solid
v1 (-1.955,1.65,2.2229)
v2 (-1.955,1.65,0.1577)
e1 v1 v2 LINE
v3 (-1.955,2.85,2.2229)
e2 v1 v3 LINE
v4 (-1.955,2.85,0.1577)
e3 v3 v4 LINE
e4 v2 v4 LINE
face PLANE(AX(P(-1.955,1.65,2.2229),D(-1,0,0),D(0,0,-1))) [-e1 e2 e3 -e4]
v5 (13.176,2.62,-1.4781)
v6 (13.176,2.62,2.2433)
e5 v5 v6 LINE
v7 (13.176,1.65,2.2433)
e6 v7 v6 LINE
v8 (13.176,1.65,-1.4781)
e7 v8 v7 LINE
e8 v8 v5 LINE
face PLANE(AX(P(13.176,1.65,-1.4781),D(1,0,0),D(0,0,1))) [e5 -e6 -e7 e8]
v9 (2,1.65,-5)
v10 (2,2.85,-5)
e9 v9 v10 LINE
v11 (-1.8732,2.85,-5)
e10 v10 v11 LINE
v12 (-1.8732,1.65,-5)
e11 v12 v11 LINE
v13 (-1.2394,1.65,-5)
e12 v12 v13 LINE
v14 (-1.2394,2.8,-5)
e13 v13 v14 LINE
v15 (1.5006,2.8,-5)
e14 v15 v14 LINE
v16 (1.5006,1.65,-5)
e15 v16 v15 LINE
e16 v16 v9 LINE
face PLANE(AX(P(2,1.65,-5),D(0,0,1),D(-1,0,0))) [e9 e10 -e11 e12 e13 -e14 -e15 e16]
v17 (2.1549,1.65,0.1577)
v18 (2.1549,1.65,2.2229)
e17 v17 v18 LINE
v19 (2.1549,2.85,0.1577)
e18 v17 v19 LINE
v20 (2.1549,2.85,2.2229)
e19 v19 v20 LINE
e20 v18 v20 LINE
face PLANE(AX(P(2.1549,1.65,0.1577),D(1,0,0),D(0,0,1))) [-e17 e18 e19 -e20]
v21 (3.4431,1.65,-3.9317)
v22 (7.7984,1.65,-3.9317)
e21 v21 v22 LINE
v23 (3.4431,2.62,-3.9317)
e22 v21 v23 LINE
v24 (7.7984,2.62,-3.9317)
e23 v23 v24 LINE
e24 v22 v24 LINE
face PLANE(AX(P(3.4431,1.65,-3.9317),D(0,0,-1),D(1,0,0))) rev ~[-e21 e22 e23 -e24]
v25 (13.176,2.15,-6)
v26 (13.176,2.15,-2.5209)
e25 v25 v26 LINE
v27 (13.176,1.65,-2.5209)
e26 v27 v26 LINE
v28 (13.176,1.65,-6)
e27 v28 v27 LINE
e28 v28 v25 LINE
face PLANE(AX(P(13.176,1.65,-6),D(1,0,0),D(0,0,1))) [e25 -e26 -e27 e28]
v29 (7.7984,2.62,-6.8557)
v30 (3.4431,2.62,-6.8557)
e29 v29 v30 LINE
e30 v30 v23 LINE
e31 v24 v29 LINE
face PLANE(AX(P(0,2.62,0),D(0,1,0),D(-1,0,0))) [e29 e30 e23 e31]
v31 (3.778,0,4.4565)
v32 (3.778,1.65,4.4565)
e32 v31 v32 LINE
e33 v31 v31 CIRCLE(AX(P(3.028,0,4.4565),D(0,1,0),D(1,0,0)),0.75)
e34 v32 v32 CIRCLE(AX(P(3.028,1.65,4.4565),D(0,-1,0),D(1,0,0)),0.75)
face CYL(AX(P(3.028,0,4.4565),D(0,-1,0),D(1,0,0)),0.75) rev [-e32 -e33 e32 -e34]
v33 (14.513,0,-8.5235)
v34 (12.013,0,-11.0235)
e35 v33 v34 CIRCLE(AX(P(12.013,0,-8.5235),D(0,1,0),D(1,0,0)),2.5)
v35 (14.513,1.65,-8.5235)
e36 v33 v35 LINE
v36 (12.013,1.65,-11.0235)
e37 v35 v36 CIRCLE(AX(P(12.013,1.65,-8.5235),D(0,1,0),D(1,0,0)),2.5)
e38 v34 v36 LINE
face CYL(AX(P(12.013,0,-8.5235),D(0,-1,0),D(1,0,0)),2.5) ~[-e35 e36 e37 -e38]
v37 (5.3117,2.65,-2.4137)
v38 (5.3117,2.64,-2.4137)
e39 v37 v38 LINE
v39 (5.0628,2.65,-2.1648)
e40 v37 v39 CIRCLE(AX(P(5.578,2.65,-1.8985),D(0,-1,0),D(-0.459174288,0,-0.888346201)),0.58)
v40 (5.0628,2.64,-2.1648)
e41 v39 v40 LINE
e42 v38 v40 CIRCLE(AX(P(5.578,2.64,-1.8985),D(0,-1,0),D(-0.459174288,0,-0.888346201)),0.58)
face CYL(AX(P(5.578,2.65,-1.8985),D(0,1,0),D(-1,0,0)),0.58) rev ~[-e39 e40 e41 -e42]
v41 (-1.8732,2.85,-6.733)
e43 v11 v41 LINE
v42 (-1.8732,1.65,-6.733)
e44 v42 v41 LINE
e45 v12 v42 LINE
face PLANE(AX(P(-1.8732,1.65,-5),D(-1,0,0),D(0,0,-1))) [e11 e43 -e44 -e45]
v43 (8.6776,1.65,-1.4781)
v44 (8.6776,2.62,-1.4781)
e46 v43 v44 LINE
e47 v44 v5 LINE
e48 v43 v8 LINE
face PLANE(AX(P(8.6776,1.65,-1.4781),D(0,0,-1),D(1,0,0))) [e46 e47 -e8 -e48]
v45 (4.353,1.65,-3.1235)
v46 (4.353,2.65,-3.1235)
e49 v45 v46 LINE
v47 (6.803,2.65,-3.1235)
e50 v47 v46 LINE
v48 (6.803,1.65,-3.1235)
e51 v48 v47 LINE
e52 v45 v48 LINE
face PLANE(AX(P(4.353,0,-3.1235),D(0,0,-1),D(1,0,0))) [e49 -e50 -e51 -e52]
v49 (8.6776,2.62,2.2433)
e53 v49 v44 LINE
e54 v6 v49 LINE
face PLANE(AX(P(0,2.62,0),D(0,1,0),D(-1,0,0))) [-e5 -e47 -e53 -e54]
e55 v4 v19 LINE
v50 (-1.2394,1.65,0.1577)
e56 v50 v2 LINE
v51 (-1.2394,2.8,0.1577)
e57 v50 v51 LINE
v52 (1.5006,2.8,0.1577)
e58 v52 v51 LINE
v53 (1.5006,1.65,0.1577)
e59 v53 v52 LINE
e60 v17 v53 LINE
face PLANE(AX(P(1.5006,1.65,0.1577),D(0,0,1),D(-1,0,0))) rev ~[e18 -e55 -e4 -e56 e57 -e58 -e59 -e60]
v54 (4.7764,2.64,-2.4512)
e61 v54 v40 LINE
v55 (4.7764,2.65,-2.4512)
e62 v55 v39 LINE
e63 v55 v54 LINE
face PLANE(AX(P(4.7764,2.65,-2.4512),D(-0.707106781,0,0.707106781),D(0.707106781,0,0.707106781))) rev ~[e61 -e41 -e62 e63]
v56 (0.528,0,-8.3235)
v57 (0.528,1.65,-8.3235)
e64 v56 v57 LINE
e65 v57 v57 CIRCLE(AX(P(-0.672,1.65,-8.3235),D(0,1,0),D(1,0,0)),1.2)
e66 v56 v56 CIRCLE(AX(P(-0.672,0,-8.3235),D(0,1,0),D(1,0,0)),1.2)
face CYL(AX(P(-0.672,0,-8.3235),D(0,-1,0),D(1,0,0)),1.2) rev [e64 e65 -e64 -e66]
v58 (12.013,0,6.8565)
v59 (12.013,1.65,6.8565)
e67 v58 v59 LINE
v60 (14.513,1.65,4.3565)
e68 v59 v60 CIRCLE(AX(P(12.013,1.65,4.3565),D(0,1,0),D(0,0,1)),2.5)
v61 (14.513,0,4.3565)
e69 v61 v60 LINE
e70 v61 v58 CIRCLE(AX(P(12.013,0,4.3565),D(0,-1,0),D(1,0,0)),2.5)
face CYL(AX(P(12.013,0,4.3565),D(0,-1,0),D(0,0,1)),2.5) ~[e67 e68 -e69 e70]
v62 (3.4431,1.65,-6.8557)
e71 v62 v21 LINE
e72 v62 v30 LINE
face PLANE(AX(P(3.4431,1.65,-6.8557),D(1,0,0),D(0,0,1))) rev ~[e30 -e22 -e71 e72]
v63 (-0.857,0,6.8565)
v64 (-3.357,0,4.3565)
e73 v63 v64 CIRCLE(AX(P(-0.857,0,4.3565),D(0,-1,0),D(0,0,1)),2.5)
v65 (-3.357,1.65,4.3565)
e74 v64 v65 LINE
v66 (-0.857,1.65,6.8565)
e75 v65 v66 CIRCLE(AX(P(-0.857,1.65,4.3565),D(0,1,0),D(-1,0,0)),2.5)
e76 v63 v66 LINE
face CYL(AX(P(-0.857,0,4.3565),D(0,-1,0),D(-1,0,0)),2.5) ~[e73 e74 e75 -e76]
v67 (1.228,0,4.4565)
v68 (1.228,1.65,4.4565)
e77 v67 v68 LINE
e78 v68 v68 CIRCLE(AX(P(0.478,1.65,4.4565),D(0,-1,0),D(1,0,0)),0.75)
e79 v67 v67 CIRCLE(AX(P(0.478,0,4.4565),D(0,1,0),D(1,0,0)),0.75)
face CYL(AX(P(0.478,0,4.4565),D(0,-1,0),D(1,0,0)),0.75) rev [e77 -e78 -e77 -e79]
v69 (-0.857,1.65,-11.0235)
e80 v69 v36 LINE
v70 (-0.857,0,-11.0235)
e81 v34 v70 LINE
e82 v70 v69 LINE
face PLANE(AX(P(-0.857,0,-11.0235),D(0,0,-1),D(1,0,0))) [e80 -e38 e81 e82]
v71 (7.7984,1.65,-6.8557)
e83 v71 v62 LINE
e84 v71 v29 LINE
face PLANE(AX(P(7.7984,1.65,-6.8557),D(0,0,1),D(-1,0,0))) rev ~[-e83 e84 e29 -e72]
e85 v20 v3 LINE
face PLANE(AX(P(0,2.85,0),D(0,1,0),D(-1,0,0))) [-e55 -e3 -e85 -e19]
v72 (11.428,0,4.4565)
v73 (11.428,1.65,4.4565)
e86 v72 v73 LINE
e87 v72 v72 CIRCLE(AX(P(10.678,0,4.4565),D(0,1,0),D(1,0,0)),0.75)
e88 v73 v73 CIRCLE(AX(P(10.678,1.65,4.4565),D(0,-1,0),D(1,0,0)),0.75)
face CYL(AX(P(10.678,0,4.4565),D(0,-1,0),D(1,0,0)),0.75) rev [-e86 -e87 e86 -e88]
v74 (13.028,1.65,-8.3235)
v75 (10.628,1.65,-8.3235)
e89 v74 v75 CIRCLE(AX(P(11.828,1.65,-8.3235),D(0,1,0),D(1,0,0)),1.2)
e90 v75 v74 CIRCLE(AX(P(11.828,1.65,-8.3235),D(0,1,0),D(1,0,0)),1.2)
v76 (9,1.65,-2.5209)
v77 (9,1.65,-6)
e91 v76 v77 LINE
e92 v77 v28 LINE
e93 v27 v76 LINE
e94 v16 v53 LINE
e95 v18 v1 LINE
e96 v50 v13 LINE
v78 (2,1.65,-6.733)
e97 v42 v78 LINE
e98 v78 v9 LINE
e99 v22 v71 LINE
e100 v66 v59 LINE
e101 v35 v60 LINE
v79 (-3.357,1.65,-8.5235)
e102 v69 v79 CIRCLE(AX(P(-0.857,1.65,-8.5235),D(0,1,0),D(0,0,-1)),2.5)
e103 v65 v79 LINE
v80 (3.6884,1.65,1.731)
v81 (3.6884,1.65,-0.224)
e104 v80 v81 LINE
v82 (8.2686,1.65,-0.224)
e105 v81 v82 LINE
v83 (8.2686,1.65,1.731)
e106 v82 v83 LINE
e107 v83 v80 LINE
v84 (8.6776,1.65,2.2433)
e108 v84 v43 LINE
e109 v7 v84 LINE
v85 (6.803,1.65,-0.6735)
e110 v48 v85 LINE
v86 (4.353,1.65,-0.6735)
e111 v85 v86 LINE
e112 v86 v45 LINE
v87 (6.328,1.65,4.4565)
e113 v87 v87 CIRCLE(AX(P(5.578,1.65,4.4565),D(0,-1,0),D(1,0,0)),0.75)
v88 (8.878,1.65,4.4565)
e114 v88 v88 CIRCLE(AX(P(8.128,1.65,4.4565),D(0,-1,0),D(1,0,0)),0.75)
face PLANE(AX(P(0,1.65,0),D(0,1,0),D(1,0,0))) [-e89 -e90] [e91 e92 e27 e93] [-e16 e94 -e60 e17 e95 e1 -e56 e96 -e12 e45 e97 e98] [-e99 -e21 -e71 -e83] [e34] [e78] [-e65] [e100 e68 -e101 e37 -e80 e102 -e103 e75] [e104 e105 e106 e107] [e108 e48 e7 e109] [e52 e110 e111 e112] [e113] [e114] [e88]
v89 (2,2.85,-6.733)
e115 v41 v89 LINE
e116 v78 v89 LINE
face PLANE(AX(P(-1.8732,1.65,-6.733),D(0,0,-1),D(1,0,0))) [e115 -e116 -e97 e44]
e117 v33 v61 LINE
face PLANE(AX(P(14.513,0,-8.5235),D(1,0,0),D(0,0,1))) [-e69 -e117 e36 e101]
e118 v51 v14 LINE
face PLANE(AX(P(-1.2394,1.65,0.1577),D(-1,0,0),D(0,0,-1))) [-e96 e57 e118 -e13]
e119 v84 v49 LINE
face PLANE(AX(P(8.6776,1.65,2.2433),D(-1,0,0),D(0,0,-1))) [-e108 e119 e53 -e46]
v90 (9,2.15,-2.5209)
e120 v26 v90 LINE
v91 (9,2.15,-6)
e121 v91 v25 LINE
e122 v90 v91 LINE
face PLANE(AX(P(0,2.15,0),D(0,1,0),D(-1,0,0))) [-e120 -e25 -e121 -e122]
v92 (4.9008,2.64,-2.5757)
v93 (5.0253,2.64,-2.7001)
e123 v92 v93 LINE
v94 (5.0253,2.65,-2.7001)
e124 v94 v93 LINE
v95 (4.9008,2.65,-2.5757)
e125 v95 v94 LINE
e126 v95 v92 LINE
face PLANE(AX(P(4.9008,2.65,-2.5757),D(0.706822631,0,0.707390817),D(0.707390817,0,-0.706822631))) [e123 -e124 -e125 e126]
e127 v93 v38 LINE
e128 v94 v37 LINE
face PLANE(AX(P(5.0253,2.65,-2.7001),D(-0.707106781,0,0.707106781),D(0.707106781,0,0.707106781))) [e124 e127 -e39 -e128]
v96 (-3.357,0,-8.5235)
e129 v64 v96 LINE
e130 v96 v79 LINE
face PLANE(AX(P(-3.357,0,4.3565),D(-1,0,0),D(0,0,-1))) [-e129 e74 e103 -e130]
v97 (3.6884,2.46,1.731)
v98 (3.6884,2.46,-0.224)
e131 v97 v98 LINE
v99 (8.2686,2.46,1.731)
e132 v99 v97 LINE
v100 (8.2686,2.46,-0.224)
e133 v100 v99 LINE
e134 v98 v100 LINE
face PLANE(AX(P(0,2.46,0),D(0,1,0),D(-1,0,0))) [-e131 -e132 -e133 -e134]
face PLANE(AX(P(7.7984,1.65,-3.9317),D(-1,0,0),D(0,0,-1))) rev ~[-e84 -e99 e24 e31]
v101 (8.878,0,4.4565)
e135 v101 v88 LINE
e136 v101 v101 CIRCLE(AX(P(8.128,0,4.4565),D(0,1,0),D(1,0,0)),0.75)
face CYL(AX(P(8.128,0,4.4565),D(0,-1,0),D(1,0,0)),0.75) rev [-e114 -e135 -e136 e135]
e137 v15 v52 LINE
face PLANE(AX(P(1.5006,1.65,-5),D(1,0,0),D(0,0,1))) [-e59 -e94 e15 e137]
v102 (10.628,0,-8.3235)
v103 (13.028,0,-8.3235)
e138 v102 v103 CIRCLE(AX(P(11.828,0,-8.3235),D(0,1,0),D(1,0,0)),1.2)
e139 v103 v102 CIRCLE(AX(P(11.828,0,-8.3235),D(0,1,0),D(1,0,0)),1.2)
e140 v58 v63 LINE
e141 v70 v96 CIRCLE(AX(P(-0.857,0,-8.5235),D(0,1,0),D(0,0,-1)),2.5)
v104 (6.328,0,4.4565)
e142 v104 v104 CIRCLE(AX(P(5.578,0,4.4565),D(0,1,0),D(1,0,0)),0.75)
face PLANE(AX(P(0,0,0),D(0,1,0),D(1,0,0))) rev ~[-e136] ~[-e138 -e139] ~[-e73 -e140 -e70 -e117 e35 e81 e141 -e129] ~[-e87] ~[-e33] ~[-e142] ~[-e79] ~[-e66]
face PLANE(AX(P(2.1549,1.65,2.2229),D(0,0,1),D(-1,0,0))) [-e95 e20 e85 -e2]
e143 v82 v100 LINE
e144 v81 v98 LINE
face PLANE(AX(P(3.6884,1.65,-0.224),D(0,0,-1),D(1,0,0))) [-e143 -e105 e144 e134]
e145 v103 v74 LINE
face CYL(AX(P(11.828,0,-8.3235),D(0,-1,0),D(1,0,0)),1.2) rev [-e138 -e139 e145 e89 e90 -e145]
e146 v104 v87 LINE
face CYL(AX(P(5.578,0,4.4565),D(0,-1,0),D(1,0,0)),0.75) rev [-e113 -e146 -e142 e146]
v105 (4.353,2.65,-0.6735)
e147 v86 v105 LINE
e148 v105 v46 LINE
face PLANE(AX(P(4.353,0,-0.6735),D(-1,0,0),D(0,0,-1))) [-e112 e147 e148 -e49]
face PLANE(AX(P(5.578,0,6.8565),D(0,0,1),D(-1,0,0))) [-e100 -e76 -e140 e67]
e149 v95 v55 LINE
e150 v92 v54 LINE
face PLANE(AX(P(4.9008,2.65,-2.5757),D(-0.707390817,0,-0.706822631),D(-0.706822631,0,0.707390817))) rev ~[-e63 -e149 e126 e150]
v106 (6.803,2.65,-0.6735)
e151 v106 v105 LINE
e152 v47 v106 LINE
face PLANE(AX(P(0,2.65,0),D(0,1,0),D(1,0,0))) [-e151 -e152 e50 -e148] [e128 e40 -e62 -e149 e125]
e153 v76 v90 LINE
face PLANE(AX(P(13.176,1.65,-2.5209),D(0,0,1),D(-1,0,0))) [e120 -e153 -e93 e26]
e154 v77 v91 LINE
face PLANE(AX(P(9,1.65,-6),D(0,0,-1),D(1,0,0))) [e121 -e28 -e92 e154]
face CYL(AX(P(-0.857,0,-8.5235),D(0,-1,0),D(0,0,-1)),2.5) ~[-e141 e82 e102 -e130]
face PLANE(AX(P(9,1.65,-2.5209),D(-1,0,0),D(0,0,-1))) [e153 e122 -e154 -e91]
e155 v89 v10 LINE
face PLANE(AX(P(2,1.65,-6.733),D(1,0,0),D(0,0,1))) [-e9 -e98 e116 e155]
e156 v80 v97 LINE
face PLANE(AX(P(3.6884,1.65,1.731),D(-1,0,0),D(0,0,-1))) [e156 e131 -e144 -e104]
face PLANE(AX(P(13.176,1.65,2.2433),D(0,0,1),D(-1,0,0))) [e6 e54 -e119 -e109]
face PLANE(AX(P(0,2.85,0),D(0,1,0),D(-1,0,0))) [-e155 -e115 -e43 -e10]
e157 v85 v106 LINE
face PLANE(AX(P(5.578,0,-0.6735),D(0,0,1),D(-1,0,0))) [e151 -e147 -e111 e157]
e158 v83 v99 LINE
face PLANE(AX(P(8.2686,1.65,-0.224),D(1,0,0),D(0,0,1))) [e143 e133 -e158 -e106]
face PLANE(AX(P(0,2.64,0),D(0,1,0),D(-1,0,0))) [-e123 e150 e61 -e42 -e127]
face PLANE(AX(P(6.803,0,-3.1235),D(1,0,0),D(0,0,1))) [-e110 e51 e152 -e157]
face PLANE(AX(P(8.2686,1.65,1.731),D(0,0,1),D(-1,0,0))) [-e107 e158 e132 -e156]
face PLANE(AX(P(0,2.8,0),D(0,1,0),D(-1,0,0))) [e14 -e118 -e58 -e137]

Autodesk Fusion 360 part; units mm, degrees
sketch "Sketch1" plane through (0, 0, 0) normal (0, 1, 0) x (1, 0, 0)
  line L0 (-0.857, 11.0235) -> (12.013, 11.0235)
  line L1 (14.513, 8.5235) -> (14.513, -4.3565)
  line L2 (12.013, -6.8565) -> (-0.857, -6.8565)
  line L3 (-3.357, -4.3565) -> (-3.357, 8.5235)
  circle A0 centre (-0.672, 8.3235) radius 1.2
  circle A1 centre (11.828, 8.3235) radius 1.2
  line L4 (4.353, 3.1235) -> (6.803, 3.1235)
  line L5 (6.803, 3.1235) -> (6.803, 0.6735)
  line L6 (6.803, 0.6735) -> (4.353, 0.6735)
  line L7 (4.353, 0.6735) -> (4.353, 3.1235)
  circle A2 centre (5.578, -4.4565) radius 0.75
  line L8 (-3.357, -4.4565) -> (14.513, -4.4565)
  circle A3 centre (8.128, -4.4565) radius 0.75
  circle A4 centre (10.678, -4.4565) radius 0.75
  circle A5 centre (3.028, -4.4565) radius 0.75
  circle A6 centre (0.478, -4.4565) radius 0.75
  arc A7 (-0.857, 11.0235) -> (-3.357, 8.5235) centre (-0.857, 8.5235) ccw
  arc A8 (14.513, 8.5235) -> (12.013, 11.0235) centre (12.013, 8.5235) ccw
  arc A9 (12.013, -6.8565) -> (14.513, -4.3565) centre (12.013, -4.3565) ccw
  arc A10 (-3.357, -4.3565) -> (-0.857, -6.8565) centre (-0.857, -4.3565) ccw
  line L9 (5.578, 11.0235) -> (5.578, -6.8565)
  line L10 (-0.672, 8.3235) -> (11.828, 8.3235)
  dimension "d1" = 2.4
  dimension "d4" = 17.88
  dimension "d5" = 2.7
  dimension "d6" = 2.7
  dimension "d7" = 2.45
  dimension "d8" = 2.45
  dimension "d12" = 1.5
  dimension "d13" = 2.4
  dimension "d18" = 2.55
  dimension "d19" = 2.55
  dimension "d20" = 2.55
  dimension "d21" = 2.55
  dimension "d22" = 2.5
  dimension "d27" = 5.2
  dimension "d51" = 12.5
  dimension "d52" = 17.87
extrude "Extrude1" add sketch "Sketch1" along normal blind 1.65 contours L0 L3 L4 L6 L7 A2 L8 A5 A6 A7 A10 L9 | L0 L1 L4 L5 L6 A2 L8 A3 A4 A8 A9 L9 | L2 A2 L8 A5 A6 A10 L9 | L2 A2 L8 A3 A4 A9 L9
extrude "Extrude2" add sketch "Sketch1" along normal blind 2.65 contours L4 L6 L7 L9 | L4 L5 L6 L9
sketch "Sketch2" plane through (0, 1.65, 0) normal (0, 1, 0) x (-1, 0, 0)
  circle A0 centre (-5.578, 4.4565) radius 0.75
  circle A1 centre (-0.478, 4.4565) radius 0.75
  circle A2 centre (0.672, -8.3235) radius 1.2
  circle A3 centre (-10.678, 4.4565) radius 0.75
  circle A4 centre (-8.128, 4.4565) radius 0.75
  line L0 (-6.803, -0.6735) -> (-4.353, -0.6735)
  line L1 (-4.353, -0.6735) -> (-4.353, -3.1235)
  line L2 (-4.353, -3.1235) -> (-6.803, -3.1235)
  line L3 (-6.803, -3.1235) -> (-6.803, -0.6735)
  circle A5 centre (-3.028, 4.4565) radius 0.75
  circle A6 centre (-11.828, -8.3235) radius 1.2
  arc A7 (0.857, -11.0235) -> (3.357, -8.5235) centre (0.857, -8.5235) ccw
  line L4 (3.357, -8.5235) -> (3.357, 4.3565)
  arc A8 (3.357, 4.3565) -> (0.857, 6.8565) centre (0.857, 4.3565) ccw
  line L5 (0.857, 6.8565) -> (-12.013, 6.8565)
  arc A9 (-12.013, 6.8565) -> (-14.513, 4.3565) centre (-12.013, 4.3565) ccw
  line L6 (-14.513, 4.3565) -> (-14.513, -8.5235)
  arc A10 (-14.513, -8.5235) -> (-12.013, -11.0235) centre (-12.013, -8.5235) ccw
  line L7 (-12.013, -11.0235) -> (0.857, -11.0235)
  line L8 (1.8732, -6.733) -> (-2, -6.733)
  line L9 (-2, -6.733) -> (-2, -5)
  line L10 (-2, -5) -> (1.8732, -5)
  line L11 (1.8732, -5) -> (1.8732, -6.733)
  line L12 (1.2394, -5) -> (-1.5006, -5)
  line L13 (-1.5006, -5) -> (-1.5006, 0.1577)
  line L14 (-1.5006, 0.1577) -> (1.2394, 0.1577)
  line L15 (1.2394, 0.1577) -> (1.2394, -5)
  line L16 (1.955, 0.1577) -> (-2.1549, 0.1577)
  line L17 (-2.1549, 0.1577) -> (-2.1549, 2.2229)
  line L18 (-2.1549, 2.2229) -> (1.955, 2.2229)
  line L19 (1.955, 2.2229) -> (1.955, 0.1577)
  line L20 (-3.6884, -0.224) -> (-8.2686, -0.224)
  line L21 (-8.2686, -0.224) -> (-8.2686, 1.731)
  line L22 (-8.2686, 1.731) -> (-3.6884, 1.731)
  line L23 (-3.6884, 1.731) -> (-3.6884, -0.224)
  line L24 (-3.4431, -3.9317) -> (-7.7984, -3.9317)
  line L25 (-7.7984, -3.9317) -> (-7.7984, -6.8557)
  line L26 (-7.7984, -6.8557) -> (-3.4431, -6.8557)
  line L27 (-3.4431, -6.8557) -> (-3.4431, -3.9317)
  line L28 (-9, -6) -> (-13.176, -6)
  line L29 (-13.176, -6) -> (-13.176, -2.5209)
  line L30 (-13.176, -2.5209) -> (-9, -2.5209)
  line L31 (-9, -2.5209) -> (-9, -6)
  line L32 (-8.6776, -1.4781) -> (-13.176, -1.4781)
  line L33 (-13.176, -1.4781) -> (-13.176, 2.2433)
  line L34 (-13.176, 2.2433) -> (-8.6776, 2.2433)
  line L35 (-8.6776, 2.2433) -> (-8.6776, -1.4781)
extrude "Extrude3" add sketch "Sketch2" along normal blind 1.2 contours L8 L9 L10 L11 L12 | L14 L16 L17 L18 L19
extrude "Extrude4" add sketch "Sketch2" along normal blind 0.97 contours L24 L25 L26 L27 | L32 L33 L34 L35
extrude "Extrude5" add sketch "Sketch2" along normal blind 0.5 contours L28 L29 L30 L31
extrude "Extrude6" add sketch "Sketch2" along normal blind 1.15 contours L10 L12 L13 L14 L15 L16
extrude "Extrude7" add sketch "Sketch2" along normal blind 0.81 contours L20 L21 L22 L23
sketch "Sketch3" plane through (0, 2.65, 0) normal (0, 1, 0) x (-1, 0, 0)
  line L0 (-4.353, -0.6735) -> (-6.803, -0.6735)
  line L1 (-6.803, -0.6735) -> (-6.803, -3.1235)
  line L2 (-6.803, -3.1235) -> (-4.353, -3.1235)
  line L3 (-4.353, -3.1235) -> (-4.353, -0.6735)
  circle A0 centre (-5.578, -1.8985) radius 0.58
  line L4 (-5.578, -3.1235) -> (-5.578, -0.6735)
  line L5 (-5.578, -1.8985) -> (-4.9008, -2.5757)
  line L6 (-5.578, -1.8985) -> (-4.4704, -1.8985) construction
  line L7 (-4.9008, -2.5757) -> (-5.0253, -2.7001)
  line L8 (-5.0253, -2.7001) -> (-5.3117, -2.4137)
  line L9 (-4.9008, -2.5757) -> (-4.7764, -2.4512)
  line L10 (-4.7764, -2.4512) -> (-5.0628, -2.1648)
  dimension "d44" = 1.16
  dimension "d45" = 45
extrude "Extrude8" cut sketch "Sketch3" against normal blind 0.01 contours A0 L4 | A0 L4 L5 | A0 L4 L5 | A0 L5 L9 L10 | A0 L5 L7 L8
equation "d5 = 1.5 mm + ( ( 2.4 / 2 ) * 1 mm )"
equation "d27 = 4.0 mm + ( ( 2.4 / 2 ) * 1 mm )"
equation "d34 = 2.85 mm - 1.65 mm"
equation "d36 = 2.62 mm - 1.65 mm"
equation "d38 = 2.15 mm - 1.65 mm"
equation "d40 = 2.8 mm - 1.65 mm"
equation "d42 = 2.46 mm - 1.65 mm"
